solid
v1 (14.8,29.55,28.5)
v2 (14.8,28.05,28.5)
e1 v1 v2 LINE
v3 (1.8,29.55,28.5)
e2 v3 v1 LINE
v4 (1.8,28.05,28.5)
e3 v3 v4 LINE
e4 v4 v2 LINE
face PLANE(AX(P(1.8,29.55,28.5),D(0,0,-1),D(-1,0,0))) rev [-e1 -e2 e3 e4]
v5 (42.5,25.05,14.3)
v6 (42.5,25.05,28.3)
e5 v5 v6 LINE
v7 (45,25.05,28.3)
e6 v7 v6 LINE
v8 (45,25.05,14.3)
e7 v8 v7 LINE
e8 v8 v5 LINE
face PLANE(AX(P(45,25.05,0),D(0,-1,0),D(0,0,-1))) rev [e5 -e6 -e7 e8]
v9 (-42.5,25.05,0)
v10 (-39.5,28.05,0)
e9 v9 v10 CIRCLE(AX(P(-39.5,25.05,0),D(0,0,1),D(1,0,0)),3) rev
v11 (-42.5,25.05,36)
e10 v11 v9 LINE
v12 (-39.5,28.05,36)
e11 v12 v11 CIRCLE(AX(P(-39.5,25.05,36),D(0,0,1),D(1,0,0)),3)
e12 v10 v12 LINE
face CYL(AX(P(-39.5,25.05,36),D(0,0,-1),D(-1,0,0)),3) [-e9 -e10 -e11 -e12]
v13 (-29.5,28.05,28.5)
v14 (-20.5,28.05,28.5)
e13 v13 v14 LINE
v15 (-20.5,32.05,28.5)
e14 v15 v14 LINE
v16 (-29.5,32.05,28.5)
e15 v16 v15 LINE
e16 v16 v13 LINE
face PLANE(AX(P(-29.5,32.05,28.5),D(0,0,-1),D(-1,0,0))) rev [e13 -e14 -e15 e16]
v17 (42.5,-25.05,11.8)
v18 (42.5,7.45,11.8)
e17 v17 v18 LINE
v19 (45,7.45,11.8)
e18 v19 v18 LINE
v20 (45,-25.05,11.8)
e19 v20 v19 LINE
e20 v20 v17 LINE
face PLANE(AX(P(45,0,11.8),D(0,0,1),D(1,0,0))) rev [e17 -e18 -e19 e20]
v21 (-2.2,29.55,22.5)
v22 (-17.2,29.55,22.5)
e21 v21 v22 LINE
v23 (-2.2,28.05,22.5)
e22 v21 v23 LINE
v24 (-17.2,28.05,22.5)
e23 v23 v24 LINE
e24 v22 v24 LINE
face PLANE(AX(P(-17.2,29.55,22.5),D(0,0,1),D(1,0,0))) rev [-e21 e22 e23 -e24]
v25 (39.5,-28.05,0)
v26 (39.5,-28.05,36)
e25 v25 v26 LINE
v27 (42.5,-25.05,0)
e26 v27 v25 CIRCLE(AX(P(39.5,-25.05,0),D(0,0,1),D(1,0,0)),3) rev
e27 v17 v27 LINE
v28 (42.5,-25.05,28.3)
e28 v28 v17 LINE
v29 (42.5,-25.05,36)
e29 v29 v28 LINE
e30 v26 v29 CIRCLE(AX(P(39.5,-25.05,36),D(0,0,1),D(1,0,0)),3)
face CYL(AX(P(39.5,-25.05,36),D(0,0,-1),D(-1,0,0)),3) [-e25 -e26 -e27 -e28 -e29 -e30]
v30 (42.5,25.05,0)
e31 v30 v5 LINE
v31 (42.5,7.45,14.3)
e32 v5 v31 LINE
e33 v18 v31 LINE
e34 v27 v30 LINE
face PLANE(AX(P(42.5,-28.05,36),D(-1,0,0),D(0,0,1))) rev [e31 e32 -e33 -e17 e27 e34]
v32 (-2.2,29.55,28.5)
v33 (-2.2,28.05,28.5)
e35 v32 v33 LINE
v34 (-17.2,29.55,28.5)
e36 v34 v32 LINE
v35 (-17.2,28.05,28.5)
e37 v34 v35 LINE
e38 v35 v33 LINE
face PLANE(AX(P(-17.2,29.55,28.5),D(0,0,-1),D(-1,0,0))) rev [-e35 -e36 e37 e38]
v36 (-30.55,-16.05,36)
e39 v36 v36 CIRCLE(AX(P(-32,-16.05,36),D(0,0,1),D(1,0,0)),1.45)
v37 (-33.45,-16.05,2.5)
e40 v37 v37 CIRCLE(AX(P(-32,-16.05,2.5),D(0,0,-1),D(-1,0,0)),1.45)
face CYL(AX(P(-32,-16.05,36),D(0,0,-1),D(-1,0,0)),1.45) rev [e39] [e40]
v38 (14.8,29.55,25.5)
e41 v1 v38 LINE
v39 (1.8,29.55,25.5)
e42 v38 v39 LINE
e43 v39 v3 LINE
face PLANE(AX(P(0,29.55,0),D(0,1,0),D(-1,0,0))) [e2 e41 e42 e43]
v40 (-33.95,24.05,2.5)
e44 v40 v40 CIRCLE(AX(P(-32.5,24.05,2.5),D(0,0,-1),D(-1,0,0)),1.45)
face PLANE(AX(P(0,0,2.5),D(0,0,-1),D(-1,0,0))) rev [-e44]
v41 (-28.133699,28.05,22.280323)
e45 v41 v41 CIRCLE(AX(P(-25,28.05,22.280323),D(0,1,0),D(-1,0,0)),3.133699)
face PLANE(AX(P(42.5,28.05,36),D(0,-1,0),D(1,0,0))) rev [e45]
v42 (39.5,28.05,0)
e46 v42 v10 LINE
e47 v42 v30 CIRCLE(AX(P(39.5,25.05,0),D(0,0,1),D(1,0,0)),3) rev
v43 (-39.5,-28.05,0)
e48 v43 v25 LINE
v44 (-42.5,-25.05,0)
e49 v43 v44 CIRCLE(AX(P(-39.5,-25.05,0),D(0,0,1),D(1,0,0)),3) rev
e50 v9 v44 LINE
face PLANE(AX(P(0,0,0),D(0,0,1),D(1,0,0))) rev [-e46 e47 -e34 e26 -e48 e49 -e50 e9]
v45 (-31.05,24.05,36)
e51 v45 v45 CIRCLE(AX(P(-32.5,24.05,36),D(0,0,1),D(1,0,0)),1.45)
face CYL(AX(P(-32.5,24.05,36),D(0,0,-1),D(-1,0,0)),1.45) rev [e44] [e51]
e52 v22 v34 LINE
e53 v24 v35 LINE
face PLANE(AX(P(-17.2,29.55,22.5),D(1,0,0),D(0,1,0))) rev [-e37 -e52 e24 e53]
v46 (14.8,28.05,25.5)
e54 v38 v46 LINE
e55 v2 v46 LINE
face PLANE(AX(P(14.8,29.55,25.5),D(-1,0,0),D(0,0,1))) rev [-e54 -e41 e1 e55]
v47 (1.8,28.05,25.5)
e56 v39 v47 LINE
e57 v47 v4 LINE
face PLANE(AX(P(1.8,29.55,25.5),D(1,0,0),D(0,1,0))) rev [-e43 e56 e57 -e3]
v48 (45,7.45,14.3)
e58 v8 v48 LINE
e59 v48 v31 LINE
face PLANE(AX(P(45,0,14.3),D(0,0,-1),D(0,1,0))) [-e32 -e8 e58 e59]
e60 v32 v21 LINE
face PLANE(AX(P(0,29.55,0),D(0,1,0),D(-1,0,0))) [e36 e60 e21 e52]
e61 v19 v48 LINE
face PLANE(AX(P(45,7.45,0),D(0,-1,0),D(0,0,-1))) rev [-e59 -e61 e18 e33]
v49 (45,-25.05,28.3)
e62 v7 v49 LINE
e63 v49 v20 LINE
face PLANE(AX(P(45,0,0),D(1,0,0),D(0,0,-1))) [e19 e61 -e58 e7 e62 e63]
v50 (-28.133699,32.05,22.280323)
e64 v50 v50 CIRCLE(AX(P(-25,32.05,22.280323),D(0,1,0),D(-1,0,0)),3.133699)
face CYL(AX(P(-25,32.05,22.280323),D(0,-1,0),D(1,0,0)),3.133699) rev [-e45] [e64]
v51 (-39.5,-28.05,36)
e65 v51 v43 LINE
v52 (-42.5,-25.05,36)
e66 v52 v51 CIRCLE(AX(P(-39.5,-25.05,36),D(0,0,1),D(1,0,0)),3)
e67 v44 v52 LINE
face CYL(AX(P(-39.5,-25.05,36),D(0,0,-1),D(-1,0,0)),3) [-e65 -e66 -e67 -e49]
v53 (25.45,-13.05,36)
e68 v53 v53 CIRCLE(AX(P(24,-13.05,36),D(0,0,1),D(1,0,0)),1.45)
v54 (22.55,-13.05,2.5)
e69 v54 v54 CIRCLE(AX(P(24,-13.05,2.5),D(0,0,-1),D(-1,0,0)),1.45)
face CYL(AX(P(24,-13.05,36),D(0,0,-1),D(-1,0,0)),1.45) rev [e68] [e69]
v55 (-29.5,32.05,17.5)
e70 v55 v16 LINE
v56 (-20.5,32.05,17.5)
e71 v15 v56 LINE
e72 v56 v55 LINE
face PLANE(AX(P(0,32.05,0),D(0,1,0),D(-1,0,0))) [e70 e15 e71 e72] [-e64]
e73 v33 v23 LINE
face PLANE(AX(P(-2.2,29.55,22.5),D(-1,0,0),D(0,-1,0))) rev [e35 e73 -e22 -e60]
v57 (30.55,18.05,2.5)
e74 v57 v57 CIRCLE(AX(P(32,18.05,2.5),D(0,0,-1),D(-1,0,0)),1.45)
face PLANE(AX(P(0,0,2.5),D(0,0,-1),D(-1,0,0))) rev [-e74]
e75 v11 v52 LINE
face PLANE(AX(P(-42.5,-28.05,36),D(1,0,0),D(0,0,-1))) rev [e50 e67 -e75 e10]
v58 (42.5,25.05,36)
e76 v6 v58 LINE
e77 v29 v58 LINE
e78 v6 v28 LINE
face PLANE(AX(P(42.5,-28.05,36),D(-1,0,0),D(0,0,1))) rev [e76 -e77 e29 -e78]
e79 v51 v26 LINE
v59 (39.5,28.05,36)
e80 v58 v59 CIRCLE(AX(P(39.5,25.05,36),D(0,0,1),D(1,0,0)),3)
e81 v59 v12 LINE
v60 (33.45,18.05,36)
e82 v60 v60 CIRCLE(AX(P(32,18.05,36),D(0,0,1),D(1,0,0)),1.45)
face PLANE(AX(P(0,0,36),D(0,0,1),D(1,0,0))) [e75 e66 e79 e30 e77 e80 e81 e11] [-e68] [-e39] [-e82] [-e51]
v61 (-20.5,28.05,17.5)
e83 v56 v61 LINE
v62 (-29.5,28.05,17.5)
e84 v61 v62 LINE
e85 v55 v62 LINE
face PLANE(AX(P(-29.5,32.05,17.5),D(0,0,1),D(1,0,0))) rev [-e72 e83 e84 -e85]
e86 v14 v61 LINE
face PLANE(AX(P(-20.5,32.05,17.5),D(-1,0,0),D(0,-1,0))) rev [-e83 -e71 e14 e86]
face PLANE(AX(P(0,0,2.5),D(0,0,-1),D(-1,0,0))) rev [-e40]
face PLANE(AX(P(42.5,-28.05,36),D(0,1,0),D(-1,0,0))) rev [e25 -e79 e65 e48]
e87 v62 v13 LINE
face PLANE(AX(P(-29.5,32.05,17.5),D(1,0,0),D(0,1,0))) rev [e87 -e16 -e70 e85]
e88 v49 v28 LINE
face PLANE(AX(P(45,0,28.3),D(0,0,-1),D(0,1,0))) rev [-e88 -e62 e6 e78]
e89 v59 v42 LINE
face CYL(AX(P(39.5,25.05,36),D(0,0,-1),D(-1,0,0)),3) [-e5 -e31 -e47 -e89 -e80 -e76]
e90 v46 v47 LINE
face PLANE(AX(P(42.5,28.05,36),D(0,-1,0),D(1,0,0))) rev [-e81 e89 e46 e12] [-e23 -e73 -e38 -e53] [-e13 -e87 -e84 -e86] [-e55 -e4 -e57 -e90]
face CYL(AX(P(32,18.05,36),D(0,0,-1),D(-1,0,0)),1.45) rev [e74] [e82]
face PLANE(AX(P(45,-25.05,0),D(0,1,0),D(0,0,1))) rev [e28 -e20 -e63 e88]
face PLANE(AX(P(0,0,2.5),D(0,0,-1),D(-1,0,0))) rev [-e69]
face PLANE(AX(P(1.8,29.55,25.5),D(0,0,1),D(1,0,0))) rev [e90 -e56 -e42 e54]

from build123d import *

# Parameters (mm, degrees)
SKETCH1_W           = 85
SKETCH1_H           = 56.1
SKETCH1_R           = 1.45
BOSS_EXTRUDE1_DEPTH = 36
FILLET1_R           = 3
SKETCH3_W           = 2.5
SKETCH3_H           = 32.5
BOSS_EXTRUDE2_DEPTH = 2.5
SKETCH5_W           = 72.026412512
SKETCH5_H           = 46.697666842
BOSS_EXTRUDE3_DEPTH = 2.5
SKETCH6_W           = 9
SKETCH6_H           = 11
SKETCH6_R           = 3.133698946
BOSS_EXTRUDE4_DEPTH = 4
SKETCH8_W           = 15
SKETCH8_H           = 6
SKETCH8_W_2         = 13
SKETCH8_H_2         = 3
BOSS_EXTRUDE5_DEPTH = 1.5


with BuildPart() as part:
    # Sketch1 → Boss-Extrude1 (new body)
    with BuildSketch(Plane.XY):
        Rectangle(SKETCH1_W, SKETCH1_H)
        with Locations((-32.5, 24.05)):
            Circle(SKETCH1_R, mode=Mode.SUBTRACT)
        with Locations((-32, -16.05)):
            Circle(SKETCH1_R, mode=Mode.SUBTRACT)
        with Locations((32, 18.05)):
            Circle(SKETCH1_R, mode=Mode.SUBTRACT)
        with Locations((24, -13.05)):
            Circle(SKETCH1_R, mode=Mode.SUBTRACT)
    extrude(amount=BOSS_EXTRUDE1_DEPTH)

    # Fillet1
    fillet1_edges = [part.edges().sort_by_distance(p)[0] for p in [
        (-42.5, 28.05, 18),
        (42.5, 28.05, 18),
        (42.5, -28.05, 18),
        (-42.5, -28.05, 18),
    ]]
    fillet(fillet1_edges, radius=FILLET1_R)

    # Sketch3 → Boss-Extrude2 (add)
    with BuildSketch(Plane(origin=(42.5, 0, 0), x_dir=(0, 0, -1), z_dir=(1, 0, 0))):
        Polygon((-14.3, 7.45), (-14.3, 25.05), (-28.3, 25.05), (-28.3, -25.05), (-14.3, -25.05), align=None)
        with Locations((-13.05, -8.8)):
            Rectangle(SKETCH3_W, SKETCH3_H)
    extrude(amount=BOSS_EXTRUDE2_DEPTH)

    # Sketch5 → Boss-Extrude3 (add)
    with BuildSketch(Plane(origin=(0, 0, 0), x_dir=(-1, 0, 0), z_dir=(0, 0, -1))):
        with Locations((0.359054428, 3.107329256)):
            Rectangle(SKETCH5_W, SKETCH5_H)
    extrude(amount=-BOSS_EXTRUDE3_DEPTH)

    # Sketch6 → Boss-Extrude4 (add)
    with BuildSketch(Plane(origin=(0, 28.05, 0), x_dir=(1, 0, 0), z_dir=(0, 1, 0))):
        with Locations((-25, -23)):
            Rectangle(SKETCH6_W, SKETCH6_H)
        with Locations((-25, -22.280322914)):
            Circle(SKETCH6_R, mode=Mode.SUBTRACT)
    extrude(amount=BOSS_EXTRUDE4_DEPTH)

    # Sketch8 → Boss-Extrude5 (add)
    with BuildSketch(Plane(origin=(0, 28.05, 0), x_dir=(1, 0, 0), z_dir=(0, 1, 0))):
        with Locations((-9.7, -25.5)):
            Rectangle(SKETCH8_W, SKETCH8_H)
        with Locations((8.3, -27)):
            Rectangle(SKETCH8_W_2, SKETCH8_H_2)
    extrude(amount=BOSS_EXTRUDE5_DEPTH)


solid = part.part
